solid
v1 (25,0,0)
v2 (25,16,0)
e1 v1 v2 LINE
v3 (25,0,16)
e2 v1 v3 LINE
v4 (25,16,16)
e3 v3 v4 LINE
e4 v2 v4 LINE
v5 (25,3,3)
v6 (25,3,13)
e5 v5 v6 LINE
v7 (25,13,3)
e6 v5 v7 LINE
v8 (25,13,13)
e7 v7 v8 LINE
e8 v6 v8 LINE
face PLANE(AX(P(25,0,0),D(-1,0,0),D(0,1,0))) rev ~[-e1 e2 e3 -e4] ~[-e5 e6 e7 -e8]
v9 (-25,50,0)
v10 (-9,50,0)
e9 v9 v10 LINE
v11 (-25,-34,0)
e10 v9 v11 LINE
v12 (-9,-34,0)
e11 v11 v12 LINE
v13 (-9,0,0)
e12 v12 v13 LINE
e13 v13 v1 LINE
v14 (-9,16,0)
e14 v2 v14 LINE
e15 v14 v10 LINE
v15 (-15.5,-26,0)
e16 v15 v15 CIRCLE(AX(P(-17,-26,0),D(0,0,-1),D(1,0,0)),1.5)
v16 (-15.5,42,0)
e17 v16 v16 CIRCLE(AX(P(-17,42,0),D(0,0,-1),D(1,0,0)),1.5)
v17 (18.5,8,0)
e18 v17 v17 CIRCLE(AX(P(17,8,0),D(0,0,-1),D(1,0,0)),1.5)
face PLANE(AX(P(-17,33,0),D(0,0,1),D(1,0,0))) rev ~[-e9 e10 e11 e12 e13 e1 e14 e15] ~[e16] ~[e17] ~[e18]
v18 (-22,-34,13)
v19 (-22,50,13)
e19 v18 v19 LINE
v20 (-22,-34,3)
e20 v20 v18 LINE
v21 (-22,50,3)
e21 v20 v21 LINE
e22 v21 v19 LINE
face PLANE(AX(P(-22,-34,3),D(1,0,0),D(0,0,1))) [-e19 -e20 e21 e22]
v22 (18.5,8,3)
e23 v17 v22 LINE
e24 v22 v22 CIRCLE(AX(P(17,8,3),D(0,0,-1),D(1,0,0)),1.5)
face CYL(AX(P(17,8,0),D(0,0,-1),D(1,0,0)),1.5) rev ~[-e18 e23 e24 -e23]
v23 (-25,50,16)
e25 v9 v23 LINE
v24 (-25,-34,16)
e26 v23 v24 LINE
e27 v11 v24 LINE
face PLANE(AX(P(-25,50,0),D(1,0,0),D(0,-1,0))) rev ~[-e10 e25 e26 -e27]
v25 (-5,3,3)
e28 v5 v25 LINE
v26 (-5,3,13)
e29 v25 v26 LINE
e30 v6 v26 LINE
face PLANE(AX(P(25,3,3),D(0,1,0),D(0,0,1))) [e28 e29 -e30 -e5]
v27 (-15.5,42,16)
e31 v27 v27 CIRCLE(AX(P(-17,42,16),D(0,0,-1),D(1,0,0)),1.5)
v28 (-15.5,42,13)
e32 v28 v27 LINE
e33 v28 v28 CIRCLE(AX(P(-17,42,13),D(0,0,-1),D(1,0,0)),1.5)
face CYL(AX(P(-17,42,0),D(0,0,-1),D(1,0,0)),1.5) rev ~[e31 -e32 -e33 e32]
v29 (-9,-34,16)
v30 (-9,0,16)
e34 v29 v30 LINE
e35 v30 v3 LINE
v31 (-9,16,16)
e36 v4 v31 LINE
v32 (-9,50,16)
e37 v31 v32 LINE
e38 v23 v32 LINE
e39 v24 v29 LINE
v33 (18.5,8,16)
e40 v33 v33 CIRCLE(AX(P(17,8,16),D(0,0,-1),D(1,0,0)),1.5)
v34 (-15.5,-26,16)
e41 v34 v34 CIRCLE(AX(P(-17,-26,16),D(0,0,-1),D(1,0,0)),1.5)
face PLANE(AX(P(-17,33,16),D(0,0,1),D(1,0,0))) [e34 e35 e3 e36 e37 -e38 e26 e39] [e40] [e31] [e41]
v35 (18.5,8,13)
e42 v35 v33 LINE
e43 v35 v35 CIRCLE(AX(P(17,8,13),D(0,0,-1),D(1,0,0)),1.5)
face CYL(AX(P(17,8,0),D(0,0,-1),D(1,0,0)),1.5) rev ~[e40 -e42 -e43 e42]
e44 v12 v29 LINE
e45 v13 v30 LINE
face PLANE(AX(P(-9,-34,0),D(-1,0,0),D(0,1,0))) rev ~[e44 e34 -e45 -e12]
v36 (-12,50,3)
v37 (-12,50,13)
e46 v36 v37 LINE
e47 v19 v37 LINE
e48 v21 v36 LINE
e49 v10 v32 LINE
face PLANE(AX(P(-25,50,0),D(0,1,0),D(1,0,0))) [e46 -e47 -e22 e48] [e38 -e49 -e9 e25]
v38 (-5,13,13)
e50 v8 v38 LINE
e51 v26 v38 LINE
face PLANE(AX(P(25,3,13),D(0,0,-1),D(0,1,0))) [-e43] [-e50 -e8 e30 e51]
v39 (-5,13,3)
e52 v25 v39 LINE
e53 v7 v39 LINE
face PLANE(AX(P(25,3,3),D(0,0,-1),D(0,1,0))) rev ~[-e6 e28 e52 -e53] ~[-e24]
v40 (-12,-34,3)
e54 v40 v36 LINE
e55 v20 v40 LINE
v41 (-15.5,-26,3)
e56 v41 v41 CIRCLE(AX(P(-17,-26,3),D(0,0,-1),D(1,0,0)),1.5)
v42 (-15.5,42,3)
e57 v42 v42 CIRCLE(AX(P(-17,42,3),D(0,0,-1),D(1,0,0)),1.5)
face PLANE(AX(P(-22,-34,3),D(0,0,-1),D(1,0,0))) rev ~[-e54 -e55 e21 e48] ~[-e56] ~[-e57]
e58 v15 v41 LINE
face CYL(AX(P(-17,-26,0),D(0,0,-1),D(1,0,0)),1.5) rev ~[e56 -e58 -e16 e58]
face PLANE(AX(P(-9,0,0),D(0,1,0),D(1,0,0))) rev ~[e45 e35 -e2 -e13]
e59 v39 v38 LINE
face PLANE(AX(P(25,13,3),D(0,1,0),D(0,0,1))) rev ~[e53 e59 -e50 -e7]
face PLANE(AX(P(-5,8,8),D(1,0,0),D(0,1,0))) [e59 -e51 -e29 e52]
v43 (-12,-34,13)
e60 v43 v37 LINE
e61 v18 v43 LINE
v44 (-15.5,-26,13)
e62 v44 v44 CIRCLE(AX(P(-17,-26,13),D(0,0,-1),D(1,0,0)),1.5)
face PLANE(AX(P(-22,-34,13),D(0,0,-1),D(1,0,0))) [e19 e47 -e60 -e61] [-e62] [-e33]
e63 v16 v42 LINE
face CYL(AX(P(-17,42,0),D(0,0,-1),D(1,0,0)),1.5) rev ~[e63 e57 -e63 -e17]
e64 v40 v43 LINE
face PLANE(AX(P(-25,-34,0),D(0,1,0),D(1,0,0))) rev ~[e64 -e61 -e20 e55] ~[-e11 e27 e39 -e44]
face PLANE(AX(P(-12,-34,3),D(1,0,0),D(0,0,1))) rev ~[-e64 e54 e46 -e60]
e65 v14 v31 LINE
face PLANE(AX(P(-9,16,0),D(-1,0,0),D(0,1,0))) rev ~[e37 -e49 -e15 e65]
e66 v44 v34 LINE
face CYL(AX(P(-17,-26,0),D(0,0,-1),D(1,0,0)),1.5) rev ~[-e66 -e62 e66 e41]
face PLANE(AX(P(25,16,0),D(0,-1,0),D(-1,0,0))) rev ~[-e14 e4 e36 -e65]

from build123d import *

# Parameters (mm, degrees)
F0_W     = 16
F0_H     = 34
F1_DEPTH = 16
F2_W     = 10
F2_H     = 10
F3_DEPTH = 30
F4_W     = 10
F4_H     = 10
F5_DEPTH = 84
F6_R     = 1.5
F7_DEPTH = 16


with BuildPart() as f1:
    # F0 (on Top) → F1 (new body)
    with BuildSketch(Plane.XY):
        with Locations((-17, 33)):
            Rectangle(F0_W, F0_H)
        Polygon((-9, 16), (-25, 16), (-25, 0), (-9, 0), (25, 0), (25, 16), align=None)
        with Locations((-17, -17)):
            Rectangle(F0_W, F0_H)
    extrude(amount=F1_DEPTH)

    # F2 (on face) → F3 (cut)
    with BuildSketch(Plane.YZ.offset(25)):
        with Locations((8, 8)):
            Rectangle(F2_W, F2_H)
    extrude(amount=-F3_DEPTH, mode=Mode.SUBTRACT)

    # F4 (on face) → F5 (cut)
    with BuildSketch(Plane.XZ.offset(34)):
        with Locations((-17, 8)):
            Rectangle(F4_W, F4_H)
    extrude(amount=-F5_DEPTH, mode=Mode.SUBTRACT)

    # F6 (on face) → F7 (cut)
    with BuildSketch(Plane(origin=(0, 0, 0), x_dir=(1, 0, 0), z_dir=(0, 0, -1))):
        with Locations((-17, -42)):
            Circle(F6_R)
        with Locations((17, -8)):
            Circle(F6_R)
        with Locations((-17, 26)):
            Circle(F6_R)
    extrude(amount=-F7_DEPTH, mode=Mode.SUBTRACT)


solid = f1.part
